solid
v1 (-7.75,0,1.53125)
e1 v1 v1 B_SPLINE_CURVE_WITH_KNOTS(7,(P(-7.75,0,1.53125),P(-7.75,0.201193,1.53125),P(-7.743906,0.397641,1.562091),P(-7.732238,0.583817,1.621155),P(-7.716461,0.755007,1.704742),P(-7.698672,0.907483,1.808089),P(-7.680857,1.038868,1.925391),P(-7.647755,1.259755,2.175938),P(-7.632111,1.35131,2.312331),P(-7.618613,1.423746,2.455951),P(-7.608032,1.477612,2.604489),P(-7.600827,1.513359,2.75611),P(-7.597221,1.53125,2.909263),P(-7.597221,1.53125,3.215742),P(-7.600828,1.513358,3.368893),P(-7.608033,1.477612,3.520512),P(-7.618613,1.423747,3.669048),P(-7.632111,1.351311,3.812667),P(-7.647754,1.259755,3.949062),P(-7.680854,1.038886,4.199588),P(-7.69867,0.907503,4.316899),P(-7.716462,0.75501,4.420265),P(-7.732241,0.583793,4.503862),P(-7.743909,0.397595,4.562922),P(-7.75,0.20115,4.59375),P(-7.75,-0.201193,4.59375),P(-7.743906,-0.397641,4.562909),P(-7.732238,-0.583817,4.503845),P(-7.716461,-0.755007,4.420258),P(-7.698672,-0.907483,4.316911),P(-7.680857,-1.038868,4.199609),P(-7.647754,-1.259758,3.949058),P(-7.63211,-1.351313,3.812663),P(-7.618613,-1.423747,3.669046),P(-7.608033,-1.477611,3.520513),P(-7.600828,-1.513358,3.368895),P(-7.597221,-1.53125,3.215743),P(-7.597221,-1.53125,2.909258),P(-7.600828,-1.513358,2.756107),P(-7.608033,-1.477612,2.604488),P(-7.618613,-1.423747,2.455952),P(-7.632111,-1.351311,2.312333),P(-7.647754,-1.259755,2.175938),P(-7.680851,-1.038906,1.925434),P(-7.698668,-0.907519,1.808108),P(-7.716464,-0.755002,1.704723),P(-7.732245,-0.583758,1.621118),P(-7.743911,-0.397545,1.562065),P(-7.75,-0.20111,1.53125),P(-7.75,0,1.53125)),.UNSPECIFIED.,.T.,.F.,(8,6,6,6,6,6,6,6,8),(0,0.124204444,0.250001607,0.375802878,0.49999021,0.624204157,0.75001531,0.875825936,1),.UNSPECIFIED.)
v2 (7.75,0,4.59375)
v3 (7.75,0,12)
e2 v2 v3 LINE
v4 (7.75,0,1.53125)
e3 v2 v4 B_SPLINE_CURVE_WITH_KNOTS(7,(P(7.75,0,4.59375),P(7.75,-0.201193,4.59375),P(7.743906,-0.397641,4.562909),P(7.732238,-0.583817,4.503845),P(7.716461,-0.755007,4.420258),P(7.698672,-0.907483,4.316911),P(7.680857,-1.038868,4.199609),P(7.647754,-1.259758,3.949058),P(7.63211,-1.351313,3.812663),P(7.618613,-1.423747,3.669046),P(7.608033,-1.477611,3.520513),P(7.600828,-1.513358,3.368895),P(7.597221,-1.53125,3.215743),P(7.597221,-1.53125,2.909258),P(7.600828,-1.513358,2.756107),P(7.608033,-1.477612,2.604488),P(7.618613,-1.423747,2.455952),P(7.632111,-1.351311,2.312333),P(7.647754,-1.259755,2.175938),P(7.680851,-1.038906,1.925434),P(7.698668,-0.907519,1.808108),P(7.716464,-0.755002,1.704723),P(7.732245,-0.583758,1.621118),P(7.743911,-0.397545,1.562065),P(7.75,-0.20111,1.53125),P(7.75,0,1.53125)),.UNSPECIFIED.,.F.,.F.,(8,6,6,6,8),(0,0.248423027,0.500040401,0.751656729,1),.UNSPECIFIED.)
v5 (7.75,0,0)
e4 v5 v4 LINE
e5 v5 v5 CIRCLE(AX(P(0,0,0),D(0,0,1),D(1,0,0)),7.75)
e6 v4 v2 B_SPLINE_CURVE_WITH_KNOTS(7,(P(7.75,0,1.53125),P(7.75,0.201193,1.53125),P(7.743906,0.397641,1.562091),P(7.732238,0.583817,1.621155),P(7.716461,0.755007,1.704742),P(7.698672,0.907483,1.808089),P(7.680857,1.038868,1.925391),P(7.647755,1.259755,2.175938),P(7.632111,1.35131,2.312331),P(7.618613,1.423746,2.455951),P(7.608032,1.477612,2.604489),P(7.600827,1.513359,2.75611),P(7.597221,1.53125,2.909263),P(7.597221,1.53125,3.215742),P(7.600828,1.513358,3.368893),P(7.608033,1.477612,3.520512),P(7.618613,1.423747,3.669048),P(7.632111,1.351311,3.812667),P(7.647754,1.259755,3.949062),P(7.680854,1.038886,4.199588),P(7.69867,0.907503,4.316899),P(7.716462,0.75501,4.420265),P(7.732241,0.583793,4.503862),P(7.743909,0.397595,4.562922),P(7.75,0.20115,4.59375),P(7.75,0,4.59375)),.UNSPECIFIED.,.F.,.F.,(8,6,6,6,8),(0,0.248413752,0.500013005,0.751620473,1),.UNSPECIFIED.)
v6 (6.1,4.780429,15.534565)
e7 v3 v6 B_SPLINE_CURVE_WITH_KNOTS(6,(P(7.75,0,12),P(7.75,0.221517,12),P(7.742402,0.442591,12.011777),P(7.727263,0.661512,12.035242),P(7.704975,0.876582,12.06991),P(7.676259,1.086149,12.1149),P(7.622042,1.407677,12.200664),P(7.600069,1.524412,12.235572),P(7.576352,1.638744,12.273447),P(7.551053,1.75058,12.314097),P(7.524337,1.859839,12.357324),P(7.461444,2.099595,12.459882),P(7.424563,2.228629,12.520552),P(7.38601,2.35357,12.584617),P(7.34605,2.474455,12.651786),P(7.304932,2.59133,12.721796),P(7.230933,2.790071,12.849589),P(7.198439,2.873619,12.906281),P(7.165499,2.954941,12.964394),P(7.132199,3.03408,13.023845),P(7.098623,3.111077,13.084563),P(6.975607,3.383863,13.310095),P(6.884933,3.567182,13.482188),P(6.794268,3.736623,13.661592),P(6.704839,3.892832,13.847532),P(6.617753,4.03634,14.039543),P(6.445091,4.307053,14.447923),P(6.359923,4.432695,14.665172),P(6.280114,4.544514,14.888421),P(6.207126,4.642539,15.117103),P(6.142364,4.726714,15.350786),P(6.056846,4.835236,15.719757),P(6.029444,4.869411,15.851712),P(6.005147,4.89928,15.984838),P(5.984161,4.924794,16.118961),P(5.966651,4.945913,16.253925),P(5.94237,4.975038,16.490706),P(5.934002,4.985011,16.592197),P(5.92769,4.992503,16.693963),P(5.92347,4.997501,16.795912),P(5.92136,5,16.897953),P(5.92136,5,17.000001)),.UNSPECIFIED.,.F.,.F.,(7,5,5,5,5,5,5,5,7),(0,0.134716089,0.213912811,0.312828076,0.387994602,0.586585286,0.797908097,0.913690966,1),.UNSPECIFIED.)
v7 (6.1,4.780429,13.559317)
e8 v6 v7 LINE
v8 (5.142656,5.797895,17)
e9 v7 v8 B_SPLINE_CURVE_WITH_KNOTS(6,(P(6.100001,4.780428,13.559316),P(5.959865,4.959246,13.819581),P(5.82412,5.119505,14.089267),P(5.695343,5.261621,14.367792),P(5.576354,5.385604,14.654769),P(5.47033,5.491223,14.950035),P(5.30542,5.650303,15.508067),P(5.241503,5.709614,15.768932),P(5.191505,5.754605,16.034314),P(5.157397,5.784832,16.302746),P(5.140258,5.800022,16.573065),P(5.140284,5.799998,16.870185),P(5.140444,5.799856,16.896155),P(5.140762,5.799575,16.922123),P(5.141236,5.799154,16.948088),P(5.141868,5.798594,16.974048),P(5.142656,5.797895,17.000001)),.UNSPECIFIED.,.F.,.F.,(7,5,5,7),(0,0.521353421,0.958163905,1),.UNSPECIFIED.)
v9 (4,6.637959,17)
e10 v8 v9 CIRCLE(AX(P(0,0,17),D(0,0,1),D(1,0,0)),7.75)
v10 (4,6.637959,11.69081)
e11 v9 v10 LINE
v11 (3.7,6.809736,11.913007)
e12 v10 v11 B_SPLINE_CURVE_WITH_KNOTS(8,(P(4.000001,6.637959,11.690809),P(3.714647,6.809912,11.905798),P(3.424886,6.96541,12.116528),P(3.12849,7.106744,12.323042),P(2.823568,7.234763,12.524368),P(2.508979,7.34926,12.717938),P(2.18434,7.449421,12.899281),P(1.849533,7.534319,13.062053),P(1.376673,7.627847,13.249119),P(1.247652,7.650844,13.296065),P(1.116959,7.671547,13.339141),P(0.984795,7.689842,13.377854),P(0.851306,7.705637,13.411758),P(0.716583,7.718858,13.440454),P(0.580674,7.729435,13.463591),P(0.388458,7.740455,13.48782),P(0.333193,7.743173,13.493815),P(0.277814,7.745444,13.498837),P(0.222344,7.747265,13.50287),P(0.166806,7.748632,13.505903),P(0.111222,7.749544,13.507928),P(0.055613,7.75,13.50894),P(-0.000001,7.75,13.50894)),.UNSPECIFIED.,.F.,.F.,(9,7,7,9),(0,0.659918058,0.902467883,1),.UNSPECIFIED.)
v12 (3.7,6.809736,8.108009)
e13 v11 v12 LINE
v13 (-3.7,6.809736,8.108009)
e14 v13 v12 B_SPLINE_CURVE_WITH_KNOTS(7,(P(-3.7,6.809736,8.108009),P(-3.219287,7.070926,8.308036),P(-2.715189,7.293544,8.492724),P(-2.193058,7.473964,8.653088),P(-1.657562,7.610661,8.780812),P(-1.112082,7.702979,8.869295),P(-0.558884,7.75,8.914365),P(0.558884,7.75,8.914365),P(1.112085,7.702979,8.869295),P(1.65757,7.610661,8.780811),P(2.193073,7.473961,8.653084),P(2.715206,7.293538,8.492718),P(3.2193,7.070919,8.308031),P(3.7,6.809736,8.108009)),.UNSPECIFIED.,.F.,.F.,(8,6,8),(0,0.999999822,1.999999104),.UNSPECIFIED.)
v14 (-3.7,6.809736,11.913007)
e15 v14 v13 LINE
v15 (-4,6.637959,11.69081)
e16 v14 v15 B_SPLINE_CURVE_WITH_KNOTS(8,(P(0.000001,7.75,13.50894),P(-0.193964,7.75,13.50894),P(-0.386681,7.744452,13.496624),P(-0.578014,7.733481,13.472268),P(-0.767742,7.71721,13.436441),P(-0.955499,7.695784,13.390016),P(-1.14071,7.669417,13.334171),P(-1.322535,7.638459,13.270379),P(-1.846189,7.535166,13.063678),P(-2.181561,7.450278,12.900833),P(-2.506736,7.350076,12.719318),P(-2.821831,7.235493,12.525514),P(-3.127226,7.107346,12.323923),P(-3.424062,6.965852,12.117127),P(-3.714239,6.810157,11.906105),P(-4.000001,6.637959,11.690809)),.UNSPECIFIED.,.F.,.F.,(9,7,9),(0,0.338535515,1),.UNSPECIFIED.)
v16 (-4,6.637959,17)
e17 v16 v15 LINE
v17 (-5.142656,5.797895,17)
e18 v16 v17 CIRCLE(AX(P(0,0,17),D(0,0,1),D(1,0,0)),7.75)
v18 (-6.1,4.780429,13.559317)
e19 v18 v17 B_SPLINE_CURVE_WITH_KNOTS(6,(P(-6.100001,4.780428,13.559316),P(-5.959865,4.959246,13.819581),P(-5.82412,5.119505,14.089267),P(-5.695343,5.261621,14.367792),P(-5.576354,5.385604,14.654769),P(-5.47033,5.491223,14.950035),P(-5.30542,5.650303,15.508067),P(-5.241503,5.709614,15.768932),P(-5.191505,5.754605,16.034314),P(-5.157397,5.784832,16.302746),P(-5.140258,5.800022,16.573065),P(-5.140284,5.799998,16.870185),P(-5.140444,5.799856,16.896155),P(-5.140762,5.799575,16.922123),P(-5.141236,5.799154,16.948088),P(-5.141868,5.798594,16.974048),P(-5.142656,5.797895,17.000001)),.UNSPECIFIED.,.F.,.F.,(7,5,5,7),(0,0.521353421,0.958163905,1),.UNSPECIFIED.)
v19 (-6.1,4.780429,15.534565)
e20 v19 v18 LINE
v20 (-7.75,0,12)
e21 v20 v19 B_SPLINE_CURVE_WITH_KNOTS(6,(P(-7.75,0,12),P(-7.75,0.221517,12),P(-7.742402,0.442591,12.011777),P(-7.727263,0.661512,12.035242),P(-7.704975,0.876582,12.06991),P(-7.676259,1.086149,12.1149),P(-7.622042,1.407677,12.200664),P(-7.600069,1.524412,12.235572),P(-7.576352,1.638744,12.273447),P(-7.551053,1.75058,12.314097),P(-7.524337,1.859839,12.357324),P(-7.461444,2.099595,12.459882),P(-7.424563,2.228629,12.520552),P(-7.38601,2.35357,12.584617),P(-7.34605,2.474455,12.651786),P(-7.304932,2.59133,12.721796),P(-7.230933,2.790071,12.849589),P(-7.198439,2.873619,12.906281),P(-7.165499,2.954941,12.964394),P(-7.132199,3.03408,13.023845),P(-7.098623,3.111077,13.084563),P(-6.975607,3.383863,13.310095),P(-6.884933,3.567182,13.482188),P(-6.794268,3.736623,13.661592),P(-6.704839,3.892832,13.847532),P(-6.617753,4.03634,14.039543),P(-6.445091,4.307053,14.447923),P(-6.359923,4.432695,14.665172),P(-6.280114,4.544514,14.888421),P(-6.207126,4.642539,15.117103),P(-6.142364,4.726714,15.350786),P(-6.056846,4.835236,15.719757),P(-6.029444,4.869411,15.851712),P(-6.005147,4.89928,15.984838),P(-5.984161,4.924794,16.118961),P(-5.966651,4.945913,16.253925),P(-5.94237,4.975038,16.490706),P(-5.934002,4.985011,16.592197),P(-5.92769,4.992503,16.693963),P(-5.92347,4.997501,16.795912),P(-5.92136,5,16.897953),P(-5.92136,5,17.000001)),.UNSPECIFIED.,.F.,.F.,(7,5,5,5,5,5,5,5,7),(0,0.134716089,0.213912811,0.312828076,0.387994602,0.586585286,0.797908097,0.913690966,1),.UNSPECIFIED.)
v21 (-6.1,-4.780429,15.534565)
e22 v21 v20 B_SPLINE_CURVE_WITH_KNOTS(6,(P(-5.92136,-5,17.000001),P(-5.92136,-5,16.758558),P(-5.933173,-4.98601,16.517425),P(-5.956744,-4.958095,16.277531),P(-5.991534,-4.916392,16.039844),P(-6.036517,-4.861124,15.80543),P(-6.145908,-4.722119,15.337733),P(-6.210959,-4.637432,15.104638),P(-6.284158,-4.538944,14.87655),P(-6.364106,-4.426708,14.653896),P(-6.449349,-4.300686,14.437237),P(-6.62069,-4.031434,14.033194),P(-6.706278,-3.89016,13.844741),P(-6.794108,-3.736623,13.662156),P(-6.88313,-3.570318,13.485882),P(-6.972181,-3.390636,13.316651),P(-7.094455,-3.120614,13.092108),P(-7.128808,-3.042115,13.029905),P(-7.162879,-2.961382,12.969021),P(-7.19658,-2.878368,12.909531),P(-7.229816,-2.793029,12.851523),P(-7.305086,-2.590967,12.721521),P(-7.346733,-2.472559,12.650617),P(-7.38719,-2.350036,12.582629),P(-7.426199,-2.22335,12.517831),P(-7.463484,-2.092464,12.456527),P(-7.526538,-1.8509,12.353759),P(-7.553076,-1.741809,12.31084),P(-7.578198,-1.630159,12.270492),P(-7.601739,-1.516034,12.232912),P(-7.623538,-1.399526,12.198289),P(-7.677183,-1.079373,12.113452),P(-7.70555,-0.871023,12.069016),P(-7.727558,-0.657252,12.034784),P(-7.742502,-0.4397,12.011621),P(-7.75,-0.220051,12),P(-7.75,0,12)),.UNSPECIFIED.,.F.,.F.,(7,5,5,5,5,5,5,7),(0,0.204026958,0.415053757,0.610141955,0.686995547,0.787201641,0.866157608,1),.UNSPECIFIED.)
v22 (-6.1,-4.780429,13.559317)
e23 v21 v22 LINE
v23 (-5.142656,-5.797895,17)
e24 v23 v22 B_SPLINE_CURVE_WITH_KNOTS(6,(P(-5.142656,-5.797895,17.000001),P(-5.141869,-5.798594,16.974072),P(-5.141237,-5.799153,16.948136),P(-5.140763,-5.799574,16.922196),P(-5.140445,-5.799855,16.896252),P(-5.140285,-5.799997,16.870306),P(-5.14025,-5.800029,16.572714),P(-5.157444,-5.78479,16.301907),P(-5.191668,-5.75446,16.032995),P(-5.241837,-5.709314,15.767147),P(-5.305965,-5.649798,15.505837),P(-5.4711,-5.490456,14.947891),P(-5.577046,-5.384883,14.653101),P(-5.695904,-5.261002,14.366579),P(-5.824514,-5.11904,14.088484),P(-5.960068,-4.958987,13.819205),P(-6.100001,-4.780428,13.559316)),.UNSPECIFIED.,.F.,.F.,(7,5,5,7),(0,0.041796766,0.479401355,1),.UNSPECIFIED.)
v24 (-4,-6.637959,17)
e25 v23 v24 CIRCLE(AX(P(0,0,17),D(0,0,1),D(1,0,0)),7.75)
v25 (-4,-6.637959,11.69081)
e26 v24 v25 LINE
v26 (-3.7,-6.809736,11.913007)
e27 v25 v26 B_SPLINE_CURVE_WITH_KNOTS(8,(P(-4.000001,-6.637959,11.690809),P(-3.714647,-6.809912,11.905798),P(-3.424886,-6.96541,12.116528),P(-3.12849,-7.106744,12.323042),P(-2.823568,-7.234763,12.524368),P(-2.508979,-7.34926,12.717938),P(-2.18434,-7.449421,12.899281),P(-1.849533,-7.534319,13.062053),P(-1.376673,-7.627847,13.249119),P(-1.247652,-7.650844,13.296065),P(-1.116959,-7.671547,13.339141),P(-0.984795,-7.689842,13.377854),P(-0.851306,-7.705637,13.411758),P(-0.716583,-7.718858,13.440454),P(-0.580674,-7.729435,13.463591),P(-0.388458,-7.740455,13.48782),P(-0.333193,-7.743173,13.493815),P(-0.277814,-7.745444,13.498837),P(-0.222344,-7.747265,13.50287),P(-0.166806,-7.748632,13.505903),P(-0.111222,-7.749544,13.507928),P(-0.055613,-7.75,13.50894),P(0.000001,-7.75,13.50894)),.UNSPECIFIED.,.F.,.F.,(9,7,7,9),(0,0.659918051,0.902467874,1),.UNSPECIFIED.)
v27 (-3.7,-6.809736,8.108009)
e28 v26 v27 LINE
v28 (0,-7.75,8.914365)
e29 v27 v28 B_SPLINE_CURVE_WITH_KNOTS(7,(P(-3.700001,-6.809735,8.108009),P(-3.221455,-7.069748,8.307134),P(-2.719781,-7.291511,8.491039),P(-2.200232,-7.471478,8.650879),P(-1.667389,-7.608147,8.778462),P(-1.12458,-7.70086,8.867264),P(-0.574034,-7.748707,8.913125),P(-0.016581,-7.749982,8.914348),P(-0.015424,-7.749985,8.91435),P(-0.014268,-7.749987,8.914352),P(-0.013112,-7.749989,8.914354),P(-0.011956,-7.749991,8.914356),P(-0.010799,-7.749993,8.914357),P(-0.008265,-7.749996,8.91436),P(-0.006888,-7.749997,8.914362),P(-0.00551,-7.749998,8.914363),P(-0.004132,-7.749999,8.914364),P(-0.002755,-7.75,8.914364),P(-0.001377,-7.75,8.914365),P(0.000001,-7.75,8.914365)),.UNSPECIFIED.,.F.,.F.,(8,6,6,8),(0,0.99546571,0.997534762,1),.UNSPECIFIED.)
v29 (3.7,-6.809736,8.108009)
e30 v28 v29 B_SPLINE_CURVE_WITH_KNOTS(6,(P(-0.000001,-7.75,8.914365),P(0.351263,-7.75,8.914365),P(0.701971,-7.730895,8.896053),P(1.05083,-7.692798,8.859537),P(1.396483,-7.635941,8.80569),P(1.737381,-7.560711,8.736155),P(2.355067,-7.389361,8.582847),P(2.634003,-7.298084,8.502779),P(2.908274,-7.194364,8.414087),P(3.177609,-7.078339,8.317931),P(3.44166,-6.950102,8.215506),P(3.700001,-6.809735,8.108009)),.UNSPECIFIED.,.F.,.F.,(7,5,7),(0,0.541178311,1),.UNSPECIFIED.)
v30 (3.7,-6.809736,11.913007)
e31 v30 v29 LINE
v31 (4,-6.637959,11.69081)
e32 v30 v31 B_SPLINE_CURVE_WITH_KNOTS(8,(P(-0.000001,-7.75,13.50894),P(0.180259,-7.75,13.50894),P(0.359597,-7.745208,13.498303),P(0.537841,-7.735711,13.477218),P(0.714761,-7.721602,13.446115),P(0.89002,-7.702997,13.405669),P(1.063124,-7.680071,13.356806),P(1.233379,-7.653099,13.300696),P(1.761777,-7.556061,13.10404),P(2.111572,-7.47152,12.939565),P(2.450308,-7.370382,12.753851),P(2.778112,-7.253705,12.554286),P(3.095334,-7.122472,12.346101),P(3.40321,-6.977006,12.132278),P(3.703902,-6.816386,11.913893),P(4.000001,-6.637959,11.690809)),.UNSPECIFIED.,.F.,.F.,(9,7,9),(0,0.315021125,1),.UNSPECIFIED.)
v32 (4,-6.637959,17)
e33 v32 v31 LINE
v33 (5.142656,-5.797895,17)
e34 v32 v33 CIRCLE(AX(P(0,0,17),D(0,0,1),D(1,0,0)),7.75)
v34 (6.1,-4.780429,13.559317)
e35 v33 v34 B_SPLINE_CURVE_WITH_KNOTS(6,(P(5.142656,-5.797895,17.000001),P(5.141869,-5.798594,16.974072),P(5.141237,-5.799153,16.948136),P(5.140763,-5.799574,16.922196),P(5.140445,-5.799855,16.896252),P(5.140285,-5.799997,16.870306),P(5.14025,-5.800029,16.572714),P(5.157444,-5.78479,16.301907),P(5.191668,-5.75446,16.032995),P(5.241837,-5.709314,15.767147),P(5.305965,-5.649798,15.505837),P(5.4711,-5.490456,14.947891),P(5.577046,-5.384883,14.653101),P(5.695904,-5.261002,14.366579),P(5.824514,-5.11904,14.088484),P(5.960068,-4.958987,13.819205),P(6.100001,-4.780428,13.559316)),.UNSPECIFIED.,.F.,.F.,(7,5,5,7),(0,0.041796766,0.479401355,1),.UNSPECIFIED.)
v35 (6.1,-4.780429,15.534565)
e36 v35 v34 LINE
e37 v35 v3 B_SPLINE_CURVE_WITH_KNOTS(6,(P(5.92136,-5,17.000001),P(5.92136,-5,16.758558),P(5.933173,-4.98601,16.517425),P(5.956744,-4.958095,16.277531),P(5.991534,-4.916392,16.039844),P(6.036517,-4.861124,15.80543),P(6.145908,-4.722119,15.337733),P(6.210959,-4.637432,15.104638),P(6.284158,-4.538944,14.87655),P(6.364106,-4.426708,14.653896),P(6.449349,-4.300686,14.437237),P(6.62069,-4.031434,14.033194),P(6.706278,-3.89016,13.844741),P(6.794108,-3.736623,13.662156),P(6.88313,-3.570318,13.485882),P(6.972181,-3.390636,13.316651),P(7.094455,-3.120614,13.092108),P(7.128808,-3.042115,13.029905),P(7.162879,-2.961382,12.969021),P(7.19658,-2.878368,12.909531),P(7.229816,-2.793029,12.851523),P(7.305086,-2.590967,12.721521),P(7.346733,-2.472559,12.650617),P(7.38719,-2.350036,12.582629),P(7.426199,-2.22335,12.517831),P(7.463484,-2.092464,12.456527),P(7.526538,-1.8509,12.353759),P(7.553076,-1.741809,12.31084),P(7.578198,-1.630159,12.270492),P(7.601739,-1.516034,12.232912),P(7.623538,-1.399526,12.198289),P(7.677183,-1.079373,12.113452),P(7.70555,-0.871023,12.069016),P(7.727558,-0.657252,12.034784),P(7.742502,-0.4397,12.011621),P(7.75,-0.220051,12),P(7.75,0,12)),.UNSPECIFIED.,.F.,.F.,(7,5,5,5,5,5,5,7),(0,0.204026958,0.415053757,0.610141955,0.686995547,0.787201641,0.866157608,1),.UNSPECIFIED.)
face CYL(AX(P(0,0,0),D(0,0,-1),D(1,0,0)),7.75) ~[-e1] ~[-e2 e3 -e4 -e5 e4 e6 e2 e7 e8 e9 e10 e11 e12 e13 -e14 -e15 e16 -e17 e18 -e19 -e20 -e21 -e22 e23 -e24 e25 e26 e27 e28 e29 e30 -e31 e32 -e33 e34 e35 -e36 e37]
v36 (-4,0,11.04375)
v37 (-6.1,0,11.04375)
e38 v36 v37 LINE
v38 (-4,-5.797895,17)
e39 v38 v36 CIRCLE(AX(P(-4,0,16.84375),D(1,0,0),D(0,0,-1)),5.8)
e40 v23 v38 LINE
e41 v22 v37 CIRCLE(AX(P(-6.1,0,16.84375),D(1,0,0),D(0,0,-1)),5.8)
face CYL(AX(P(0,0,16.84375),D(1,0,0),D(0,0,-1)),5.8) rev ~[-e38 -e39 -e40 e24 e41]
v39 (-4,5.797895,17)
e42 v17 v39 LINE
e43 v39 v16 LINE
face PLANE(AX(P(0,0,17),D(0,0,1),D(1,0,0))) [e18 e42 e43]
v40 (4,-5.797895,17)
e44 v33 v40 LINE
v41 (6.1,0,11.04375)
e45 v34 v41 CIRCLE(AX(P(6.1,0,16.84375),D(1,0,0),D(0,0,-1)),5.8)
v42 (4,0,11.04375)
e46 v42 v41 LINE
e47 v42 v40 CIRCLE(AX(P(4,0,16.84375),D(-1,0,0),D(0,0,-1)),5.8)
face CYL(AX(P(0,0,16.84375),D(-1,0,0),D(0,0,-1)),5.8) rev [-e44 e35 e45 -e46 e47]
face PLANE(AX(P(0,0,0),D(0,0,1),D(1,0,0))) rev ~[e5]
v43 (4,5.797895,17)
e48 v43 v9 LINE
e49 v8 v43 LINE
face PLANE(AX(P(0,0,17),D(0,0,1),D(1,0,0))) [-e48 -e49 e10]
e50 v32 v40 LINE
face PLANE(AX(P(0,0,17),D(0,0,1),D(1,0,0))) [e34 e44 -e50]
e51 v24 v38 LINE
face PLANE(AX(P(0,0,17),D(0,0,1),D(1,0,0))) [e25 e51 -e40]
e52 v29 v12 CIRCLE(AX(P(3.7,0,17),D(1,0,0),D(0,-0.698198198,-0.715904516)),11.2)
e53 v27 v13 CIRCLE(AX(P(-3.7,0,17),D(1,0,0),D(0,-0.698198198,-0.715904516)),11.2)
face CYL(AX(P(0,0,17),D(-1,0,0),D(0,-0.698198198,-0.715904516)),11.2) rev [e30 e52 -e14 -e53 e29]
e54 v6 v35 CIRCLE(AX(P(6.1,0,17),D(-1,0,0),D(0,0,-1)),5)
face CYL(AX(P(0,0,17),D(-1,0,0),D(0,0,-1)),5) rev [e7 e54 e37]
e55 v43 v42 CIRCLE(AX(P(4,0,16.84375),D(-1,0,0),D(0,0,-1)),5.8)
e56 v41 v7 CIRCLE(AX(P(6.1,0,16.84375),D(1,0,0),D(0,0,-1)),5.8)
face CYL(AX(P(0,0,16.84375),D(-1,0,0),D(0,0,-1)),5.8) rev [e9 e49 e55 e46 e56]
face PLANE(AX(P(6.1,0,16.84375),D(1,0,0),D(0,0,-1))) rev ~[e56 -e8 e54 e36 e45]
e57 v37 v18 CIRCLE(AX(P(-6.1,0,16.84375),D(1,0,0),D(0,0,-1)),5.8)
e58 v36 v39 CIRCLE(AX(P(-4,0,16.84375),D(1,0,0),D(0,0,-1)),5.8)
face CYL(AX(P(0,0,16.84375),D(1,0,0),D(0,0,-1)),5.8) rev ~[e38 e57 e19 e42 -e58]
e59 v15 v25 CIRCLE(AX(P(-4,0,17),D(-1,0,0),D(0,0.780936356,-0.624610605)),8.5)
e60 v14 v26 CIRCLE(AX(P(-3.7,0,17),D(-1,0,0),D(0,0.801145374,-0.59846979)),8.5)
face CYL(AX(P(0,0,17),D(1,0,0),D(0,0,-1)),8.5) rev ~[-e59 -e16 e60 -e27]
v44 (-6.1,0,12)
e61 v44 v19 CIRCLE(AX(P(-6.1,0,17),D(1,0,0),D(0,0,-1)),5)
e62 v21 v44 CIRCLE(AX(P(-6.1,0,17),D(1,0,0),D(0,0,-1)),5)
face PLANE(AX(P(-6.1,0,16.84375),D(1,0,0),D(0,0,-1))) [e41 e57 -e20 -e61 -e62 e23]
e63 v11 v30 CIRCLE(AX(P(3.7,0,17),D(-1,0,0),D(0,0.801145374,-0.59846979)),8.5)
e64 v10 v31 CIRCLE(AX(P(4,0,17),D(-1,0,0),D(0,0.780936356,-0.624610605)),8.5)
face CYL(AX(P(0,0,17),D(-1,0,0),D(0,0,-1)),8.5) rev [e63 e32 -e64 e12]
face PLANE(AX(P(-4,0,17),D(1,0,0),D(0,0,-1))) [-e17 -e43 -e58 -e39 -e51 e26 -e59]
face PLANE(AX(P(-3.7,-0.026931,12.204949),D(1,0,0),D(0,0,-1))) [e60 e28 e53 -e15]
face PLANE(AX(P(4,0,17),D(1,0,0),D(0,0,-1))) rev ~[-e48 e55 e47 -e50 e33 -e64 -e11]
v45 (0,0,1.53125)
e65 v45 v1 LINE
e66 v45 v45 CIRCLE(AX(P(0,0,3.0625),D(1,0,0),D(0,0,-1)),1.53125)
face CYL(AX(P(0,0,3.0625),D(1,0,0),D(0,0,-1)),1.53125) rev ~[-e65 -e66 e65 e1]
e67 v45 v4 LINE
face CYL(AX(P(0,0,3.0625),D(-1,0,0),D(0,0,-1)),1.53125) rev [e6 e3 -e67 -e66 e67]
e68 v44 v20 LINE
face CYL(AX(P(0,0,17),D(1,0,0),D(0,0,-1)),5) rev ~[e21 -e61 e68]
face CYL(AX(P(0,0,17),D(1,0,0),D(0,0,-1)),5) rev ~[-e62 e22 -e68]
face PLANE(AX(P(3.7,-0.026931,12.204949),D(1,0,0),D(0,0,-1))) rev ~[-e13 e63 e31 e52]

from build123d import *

# Parameters (mm, degrees)
SKETCH1_R           = 7.75
EXTRUDE1_DEPTH      = 17
EXTRUDE2_DEPTH      = 3.7
EXTRUDE2_DEPTH_BACK = 3.7
SKETCH3_R           = 8.5
EXTRUDE3_DEPTH      = 4
EXTRUDE3_DEPTH_BACK = 4
SKETCH4_R           = 5
SKETCH4_R_2         = 1.53125
EXTRUDE4_DEPTH      = 8.7500001
EXTRUDE4_DEPTH_BACK = 8.7500001
SKETCH5_R           = 5.8
EXTRUDE5_DEPTH      = 6.1
EXTRUDE5_DEPTH_BACK = 6.1


with BuildPart() as part:
    # Sketch1 → Extrude1 (new body)
    with BuildSketch(Plane.XY):
        Circle(SKETCH1_R)
    extrude(amount=EXTRUDE1_DEPTH)

    # Sketch2 → Extrude2 (cut, two sides)
    with BuildSketch(Plane(origin=(0, 0, 0), x_dir=(0, 0, -1), z_dir=(1, 0, 0))) as extrude2_sk:
        with BuildLine():
            Line((-17, 7.75), (-17, -7.81981982))
            Line((-17, -7.81981982), (-8.981869421, -7.81981982))
            ThreePointArc((-8.981869421, -7.81981982), (-5.800105265, -0.048558495), (-8.914364589, 7.75))
            Line((-8.914364589, 7.75), (-17, 7.75))
        make_face()
    extrude(amount=EXTRUDE2_DEPTH, mode=Mode.SUBTRACT)
    extrude(extrude2_sk.sketch, amount=-EXTRUDE2_DEPTH_BACK, mode=Mode.SUBTRACT)

    # Sketch3 → Extrude3 (cut, two sides)
    with BuildSketch(Plane(origin=(0, 0, 0), x_dir=(0, 0, -1), z_dir=(1, 0, 0))) as extrude3_sk:
        with Locations((-17, 0)):
            Circle(SKETCH3_R)
    extrude(amount=EXTRUDE3_DEPTH, mode=Mode.SUBTRACT)
    extrude(extrude3_sk.sketch, amount=-EXTRUDE3_DEPTH_BACK, mode=Mode.SUBTRACT)

    # Sketch4 → Extrude4 (cut, two sides)
    with BuildSketch(Plane(origin=(0, 0, 0), x_dir=(0, 0, -1), z_dir=(1, 0, 0))) as extrude4_sk:
        with Locations((-17, 0)):
            Circle(SKETCH4_R)
        with Locations((-3.0625, 0)):
            Circle(SKETCH4_R_2)
    extrude(amount=EXTRUDE4_DEPTH, mode=Mode.SUBTRACT)
    extrude(extrude4_sk.sketch, amount=-EXTRUDE4_DEPTH_BACK, mode=Mode.SUBTRACT)

    # Sketch5 → Extrude5 (cut, two sides)
    with BuildSketch(Plane(origin=(0, 0, 0), x_dir=(0, 0, -1), z_dir=(1, 0, 0))) as extrude5_sk:
        with Locations((-16.84375, 0)):
            Circle(SKETCH5_R)
    extrude(amount=EXTRUDE5_DEPTH, mode=Mode.SUBTRACT)
    extrude(extrude5_sk.sketch, amount=-EXTRUDE5_DEPTH_BACK, mode=Mode.SUBTRACT)


solid = part.part
